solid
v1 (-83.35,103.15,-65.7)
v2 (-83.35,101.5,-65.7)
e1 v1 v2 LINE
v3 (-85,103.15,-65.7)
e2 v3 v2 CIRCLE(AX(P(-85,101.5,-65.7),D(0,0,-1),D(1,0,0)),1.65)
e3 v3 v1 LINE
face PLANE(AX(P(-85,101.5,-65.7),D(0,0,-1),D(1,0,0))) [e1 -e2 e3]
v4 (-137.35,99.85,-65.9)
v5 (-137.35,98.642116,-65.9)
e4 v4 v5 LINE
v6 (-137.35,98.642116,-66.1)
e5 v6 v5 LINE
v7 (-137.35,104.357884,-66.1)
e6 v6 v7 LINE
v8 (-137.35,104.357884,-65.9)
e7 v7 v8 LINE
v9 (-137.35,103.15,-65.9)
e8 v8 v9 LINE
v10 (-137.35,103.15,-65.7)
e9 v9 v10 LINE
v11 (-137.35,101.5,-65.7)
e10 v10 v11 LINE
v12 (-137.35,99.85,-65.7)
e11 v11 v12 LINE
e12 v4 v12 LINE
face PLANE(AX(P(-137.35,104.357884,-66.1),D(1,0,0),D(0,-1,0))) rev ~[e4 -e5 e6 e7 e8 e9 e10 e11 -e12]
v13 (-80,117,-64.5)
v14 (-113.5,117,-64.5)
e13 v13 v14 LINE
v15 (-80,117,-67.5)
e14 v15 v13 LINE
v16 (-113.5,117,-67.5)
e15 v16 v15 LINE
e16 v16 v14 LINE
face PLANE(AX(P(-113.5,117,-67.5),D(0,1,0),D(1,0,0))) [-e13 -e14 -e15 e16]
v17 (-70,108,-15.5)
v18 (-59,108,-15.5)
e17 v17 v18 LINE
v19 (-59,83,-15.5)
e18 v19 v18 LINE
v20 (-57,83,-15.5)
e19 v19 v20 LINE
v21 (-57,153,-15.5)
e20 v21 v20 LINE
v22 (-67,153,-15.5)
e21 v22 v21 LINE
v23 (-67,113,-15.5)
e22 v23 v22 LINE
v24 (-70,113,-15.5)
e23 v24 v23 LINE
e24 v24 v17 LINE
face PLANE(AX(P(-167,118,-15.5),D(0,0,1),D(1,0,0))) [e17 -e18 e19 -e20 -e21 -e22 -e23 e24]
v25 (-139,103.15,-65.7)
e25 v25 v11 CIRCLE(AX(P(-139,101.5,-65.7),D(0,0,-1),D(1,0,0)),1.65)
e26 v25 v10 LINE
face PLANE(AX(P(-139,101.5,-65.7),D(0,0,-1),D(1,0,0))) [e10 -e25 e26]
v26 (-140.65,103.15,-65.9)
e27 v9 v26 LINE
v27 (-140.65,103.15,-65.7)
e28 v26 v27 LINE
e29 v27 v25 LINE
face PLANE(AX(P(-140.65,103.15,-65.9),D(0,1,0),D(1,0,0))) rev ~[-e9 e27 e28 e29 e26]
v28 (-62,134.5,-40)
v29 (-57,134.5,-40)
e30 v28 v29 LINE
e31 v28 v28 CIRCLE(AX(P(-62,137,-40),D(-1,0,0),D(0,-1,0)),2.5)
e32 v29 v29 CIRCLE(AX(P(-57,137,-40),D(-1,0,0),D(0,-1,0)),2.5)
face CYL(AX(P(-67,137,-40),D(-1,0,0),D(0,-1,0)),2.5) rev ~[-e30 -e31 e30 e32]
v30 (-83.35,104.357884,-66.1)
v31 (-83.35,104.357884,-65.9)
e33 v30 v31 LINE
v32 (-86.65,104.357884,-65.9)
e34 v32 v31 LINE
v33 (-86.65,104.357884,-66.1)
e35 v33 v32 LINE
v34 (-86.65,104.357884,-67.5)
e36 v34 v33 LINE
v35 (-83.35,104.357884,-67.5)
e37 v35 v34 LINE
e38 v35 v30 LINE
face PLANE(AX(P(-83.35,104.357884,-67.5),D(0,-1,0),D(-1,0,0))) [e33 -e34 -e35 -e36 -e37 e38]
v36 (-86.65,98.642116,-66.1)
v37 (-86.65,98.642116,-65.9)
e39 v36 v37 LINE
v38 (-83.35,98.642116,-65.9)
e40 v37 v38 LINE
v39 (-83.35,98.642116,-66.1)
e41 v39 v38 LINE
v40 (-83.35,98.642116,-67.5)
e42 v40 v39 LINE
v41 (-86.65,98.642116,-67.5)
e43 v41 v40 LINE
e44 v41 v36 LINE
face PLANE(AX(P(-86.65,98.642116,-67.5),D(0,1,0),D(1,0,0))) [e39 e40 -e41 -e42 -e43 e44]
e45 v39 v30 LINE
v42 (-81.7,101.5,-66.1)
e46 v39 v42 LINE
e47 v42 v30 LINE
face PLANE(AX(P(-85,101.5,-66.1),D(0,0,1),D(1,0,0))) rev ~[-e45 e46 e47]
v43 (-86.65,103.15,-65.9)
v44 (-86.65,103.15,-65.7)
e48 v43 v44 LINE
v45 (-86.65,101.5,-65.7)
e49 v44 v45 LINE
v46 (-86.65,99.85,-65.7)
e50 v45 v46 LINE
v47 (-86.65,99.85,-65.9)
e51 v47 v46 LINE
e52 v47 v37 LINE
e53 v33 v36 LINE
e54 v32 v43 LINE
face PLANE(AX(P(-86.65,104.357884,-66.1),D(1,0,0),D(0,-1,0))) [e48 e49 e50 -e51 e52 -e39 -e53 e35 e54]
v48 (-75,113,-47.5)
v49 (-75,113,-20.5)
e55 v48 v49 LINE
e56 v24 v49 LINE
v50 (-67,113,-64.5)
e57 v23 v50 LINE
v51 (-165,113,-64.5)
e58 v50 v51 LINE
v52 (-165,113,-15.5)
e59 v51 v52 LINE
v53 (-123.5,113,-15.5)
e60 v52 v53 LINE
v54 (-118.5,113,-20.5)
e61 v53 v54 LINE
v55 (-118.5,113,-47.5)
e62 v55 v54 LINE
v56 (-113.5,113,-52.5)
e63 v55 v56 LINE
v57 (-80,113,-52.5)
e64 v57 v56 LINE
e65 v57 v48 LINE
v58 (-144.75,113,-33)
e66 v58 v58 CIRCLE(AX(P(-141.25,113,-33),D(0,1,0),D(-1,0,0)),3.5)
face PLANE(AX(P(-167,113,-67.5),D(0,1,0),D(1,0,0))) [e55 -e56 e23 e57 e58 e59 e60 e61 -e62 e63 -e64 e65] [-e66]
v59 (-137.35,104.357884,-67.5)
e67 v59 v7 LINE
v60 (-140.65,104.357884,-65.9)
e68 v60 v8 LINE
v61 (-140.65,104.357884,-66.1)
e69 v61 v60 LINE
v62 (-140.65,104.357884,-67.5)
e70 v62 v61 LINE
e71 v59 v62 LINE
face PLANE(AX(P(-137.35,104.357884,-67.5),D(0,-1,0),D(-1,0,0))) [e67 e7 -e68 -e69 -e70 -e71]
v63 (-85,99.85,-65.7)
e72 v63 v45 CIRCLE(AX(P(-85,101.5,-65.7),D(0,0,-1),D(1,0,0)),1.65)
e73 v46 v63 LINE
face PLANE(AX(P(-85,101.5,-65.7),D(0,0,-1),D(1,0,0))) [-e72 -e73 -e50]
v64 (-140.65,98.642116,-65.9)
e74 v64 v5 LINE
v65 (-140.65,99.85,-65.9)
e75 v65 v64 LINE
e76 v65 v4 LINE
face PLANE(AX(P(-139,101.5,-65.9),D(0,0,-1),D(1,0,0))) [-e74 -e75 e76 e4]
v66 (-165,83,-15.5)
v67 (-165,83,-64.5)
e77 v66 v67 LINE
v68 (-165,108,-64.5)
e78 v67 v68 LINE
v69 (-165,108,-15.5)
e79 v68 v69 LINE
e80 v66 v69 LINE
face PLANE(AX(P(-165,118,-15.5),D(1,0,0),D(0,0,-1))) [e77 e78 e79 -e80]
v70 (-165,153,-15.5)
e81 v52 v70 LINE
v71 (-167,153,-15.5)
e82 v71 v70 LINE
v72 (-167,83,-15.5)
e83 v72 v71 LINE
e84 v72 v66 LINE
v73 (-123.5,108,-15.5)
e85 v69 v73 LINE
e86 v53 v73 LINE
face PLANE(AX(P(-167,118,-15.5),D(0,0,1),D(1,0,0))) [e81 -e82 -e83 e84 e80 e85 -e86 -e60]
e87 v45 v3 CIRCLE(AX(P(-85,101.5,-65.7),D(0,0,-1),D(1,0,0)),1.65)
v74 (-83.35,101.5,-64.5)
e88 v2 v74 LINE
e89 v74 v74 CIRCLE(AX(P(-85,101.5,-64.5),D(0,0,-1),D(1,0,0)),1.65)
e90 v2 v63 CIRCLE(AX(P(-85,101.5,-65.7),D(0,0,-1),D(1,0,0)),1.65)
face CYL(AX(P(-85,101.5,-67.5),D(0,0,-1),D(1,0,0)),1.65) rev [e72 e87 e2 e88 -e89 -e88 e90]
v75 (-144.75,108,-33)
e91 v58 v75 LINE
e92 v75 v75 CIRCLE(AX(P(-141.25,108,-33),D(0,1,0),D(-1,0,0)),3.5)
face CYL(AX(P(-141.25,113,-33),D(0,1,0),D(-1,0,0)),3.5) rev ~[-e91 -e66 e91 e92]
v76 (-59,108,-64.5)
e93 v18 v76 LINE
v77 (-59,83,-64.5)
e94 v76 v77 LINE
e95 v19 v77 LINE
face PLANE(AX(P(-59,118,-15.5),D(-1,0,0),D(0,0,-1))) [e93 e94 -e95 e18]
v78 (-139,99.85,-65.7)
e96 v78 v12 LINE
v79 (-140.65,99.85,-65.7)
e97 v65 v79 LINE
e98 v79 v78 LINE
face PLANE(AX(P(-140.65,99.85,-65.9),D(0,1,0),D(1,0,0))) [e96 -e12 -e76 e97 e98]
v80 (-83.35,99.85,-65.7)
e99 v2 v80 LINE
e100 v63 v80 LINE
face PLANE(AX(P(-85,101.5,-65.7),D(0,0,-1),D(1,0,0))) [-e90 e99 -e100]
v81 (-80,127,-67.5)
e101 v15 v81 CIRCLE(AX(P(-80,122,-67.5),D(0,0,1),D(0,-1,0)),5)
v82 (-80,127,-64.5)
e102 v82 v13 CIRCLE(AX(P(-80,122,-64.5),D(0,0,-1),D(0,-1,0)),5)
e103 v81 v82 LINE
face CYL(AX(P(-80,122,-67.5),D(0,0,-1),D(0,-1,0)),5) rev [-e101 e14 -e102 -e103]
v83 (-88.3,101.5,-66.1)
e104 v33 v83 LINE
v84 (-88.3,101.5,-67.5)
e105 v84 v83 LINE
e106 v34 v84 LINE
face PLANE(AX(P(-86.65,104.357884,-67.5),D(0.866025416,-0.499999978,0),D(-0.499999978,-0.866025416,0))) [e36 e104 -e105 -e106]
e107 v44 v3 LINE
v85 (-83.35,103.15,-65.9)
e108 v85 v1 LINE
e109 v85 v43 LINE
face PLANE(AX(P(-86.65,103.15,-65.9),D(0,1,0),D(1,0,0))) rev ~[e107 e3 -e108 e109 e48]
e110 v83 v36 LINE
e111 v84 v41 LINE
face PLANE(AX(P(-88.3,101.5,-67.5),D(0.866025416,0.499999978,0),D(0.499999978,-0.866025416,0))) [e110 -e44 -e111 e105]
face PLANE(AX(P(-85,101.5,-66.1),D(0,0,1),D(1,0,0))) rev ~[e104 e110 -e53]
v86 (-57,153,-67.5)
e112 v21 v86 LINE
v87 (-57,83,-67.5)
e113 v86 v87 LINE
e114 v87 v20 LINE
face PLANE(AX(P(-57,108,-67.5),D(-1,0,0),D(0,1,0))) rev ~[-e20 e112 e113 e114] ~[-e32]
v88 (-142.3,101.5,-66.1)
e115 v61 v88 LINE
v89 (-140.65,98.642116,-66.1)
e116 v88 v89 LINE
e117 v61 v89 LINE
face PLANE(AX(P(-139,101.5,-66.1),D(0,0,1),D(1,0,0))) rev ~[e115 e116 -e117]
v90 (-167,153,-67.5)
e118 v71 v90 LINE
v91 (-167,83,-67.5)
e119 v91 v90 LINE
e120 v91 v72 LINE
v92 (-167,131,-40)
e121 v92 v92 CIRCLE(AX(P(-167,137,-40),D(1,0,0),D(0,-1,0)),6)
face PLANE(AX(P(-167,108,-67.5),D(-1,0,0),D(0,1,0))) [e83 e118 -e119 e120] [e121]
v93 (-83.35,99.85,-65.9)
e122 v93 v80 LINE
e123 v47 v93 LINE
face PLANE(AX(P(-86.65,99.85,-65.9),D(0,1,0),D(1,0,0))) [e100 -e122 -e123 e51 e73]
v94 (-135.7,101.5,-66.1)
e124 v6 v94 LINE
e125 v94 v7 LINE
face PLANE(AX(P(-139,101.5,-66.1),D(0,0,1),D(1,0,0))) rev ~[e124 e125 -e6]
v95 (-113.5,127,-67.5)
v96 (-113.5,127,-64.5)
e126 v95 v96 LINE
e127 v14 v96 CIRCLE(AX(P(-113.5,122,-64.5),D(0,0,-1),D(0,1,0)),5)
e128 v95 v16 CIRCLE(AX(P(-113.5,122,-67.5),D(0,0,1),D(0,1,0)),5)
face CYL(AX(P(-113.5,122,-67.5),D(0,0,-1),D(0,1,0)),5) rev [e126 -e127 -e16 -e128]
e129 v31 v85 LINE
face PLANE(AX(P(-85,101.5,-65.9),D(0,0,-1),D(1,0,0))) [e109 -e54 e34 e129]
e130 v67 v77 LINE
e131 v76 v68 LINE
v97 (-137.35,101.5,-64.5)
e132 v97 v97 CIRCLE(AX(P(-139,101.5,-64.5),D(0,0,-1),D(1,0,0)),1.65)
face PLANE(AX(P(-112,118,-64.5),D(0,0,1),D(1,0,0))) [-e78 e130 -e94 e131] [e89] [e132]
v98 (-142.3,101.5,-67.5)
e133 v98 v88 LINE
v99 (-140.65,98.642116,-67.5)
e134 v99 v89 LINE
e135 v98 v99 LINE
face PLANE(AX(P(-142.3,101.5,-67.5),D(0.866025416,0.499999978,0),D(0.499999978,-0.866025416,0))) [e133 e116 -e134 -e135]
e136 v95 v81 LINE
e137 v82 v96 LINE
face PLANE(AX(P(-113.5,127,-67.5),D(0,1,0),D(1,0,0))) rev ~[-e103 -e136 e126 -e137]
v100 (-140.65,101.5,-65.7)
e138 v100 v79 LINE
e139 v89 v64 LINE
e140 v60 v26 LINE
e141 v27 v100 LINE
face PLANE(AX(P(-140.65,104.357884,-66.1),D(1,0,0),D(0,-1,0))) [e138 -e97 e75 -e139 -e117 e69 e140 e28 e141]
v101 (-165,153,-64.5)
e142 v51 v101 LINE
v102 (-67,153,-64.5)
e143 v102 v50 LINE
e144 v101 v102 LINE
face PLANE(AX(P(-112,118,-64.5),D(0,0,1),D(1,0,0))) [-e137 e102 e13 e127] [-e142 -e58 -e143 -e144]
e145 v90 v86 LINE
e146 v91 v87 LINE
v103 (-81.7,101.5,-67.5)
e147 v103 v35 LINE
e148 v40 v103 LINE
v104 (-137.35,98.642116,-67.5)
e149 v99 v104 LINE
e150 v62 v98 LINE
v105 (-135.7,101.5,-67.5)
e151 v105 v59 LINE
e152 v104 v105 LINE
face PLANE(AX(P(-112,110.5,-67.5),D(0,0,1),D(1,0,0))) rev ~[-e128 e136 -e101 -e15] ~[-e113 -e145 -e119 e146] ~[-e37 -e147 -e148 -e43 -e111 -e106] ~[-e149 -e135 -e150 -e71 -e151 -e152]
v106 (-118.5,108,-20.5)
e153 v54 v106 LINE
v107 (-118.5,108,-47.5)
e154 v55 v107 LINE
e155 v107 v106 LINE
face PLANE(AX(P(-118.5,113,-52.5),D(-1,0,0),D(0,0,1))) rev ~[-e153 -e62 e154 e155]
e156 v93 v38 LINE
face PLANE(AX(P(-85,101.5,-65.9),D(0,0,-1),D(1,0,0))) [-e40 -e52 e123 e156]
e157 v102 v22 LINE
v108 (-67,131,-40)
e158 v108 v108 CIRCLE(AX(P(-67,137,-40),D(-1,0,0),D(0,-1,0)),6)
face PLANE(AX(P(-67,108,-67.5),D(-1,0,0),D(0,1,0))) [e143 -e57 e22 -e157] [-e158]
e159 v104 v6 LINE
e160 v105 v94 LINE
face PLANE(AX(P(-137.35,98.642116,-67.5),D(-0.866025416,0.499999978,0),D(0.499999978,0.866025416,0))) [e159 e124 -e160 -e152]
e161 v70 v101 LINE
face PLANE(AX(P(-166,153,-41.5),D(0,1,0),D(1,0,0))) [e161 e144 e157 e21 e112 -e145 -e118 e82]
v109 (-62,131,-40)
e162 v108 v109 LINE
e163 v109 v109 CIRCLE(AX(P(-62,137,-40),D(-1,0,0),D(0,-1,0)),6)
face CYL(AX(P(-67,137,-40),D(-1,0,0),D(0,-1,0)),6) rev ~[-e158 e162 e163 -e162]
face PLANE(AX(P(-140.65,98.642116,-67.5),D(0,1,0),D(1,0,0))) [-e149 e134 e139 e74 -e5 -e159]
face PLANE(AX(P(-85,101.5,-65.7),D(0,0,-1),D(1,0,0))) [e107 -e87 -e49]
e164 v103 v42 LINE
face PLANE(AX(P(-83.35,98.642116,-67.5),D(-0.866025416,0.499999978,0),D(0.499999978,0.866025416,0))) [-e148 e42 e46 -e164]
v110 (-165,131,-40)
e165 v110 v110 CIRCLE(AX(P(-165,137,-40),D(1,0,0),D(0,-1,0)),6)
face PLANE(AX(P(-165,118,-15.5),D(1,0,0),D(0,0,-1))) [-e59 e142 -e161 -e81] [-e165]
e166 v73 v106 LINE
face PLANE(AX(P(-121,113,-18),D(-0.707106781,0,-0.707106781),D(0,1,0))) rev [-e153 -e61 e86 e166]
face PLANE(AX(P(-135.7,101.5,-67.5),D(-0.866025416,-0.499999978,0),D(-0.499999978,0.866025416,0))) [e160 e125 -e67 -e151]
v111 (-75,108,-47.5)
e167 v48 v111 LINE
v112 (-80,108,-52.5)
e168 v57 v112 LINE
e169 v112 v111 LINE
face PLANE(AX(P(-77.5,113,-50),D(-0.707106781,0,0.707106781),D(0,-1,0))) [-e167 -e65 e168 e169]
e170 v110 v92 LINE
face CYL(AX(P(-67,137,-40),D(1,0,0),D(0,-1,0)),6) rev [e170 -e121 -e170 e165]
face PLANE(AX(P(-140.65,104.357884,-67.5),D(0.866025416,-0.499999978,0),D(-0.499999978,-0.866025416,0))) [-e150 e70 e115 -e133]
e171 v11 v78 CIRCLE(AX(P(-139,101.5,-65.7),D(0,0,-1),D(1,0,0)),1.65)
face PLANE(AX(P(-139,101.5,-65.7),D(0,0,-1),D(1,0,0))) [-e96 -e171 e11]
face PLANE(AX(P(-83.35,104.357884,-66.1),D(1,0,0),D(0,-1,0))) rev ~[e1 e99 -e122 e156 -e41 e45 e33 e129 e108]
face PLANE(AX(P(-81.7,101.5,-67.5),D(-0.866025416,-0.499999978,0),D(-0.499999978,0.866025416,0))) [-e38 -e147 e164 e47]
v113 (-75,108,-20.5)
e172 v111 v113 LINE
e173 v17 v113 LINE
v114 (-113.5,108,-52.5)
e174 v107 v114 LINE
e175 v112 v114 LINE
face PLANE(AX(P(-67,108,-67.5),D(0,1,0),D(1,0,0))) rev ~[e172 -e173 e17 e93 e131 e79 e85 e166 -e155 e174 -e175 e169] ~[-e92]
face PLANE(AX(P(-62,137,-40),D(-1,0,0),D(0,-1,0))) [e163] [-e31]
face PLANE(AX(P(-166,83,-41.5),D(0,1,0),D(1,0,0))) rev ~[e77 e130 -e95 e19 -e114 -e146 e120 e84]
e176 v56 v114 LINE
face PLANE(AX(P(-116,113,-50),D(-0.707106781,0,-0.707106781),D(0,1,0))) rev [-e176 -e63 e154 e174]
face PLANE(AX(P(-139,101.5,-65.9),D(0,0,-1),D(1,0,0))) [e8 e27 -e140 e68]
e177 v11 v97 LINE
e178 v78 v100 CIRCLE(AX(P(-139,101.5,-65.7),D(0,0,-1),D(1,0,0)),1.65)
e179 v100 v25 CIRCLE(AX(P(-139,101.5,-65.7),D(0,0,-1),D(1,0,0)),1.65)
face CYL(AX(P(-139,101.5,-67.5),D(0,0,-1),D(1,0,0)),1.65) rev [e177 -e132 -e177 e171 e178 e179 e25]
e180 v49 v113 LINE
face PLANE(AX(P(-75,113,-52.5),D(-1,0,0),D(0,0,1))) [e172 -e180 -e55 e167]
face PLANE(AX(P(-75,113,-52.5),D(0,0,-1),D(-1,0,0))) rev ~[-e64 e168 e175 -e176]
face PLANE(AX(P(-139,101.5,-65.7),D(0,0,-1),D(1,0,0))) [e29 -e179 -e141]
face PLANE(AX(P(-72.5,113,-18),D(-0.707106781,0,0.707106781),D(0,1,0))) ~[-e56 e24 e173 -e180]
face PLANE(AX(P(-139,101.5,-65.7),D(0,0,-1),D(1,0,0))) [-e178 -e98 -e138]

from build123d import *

# Parameters (mm, degrees)
SKETCH_W             = 110
SKETCH_H             = 70
PAD_DEPTH            = 3
SKETCH001_W          = 2
SKETCH001_H          = 52
PAD001_DEPTH         = 35
SKETCH002_W          = 10
SKETCH002_H          = 45
PAD002_DEPTH         = 52
SKETCH003_W          = 110
SKETCH003_H          = 5
PAD003_DEPTH         = 52
SKETCH004_R          = 3.5
SKETCH004_W          = 43.5
SKETCH004_H          = 37
POCKET_DEPTH         = 5
SKETCH005_R          = 2.5
POCKET001_DEPTH      = 10
SKETCH006_R          = 6
POCKET002_DEPTH      = 5
SKETCH011_R          = 6
POCKET003_DEPTH      = 150
SKETCH007_R          = 1.65
POCKET004_DEPTH      = 5
POCKET005_DEPTH      = 1.4
SKETCH009_W          = 3.3
SKETCH009_H          = 5.715768
POCKET006_DEPTH      = 0.2
SKETCH010_W          = 3.3
SKETCH010_H          = 3.3
POCKET007_DEPTH      = 0.2
CHAMFER_SIZE         = 5
POCKET012_DEPTH      = 5
BODY_PLACEMENT_ANGLE = 90


with BuildPart() as part:
    # Sketch → Pad (new body)
    with BuildSketch(Plane.XZ):
        Rectangle(SKETCH_W, SKETCH_H)
    extrude(amount=PAD_DEPTH)

    # Sketch001 → Pad001 (join, symmetric)
    with BuildSketch(Plane.XY):
        with Locations((54, -26)):
            Rectangle(SKETCH001_W, SKETCH001_H)
        with Locations((-54, -26)):
            Rectangle(SKETCH001_W, SKETCH001_H)
    extrude(amount=PAD001_DEPTH, both=True)

    # Sketch002 → Pad002 (join)
    with BuildSketch(Plane.XZ):
        with Locations((50, 12.5)):
            Rectangle(SKETCH002_W, SKETCH002_H)
    extrude(amount=PAD002_DEPTH)

    # Sketch003 → Pad003 (join)
    with BuildSketch(Plane.XZ):
        with Locations((0, -7.5)):
            Rectangle(SKETCH003_W, SKETCH003_H)
    extrude(amount=PAD003_DEPTH)

    # Sketch004 (on Face19 of Pad003) → Pocket (cut)
    with BuildSketch(Plane(origin=(0, 0, -5), x_dir=(-1, 0, 0), z_dir=(0, 0, 1))):
        with Locations((29.25, 34.5)):
            Circle(SKETCH004_R)
        with Locations((-15.25, 33.5)):
            Rectangle(SKETCH004_W, SKETCH004_H)
    extrude(amount=-POCKET_DEPTH, mode=Mode.SUBTRACT)

    # Sketch005 (on Face20 of Pocket) → Pocket001 (cut)
    with BuildSketch(Plane(origin=(45, 0, 0), x_dir=(0, 0, -1), z_dir=(-1, 0, 0))):
        with Locations((-19, 27.5)):
            Circle(SKETCH005_R)
    extrude(amount=-POCKET001_DEPTH, mode=Mode.SUBTRACT)

    # Sketch006 (on Face20 of Pocket001) → Pocket002 (cut)
    with BuildSketch(Plane(origin=(45, 0, 0), x_dir=(0, 0, -1), z_dir=(-1, 0, 0))):
        with Locations((-19, 27.5)):
            Circle(SKETCH006_R)
    extrude(amount=-POCKET002_DEPTH, mode=Mode.SUBTRACT)

    # Sketch011 (on Face20 of Pocket002) → Pocket003 (cut)
    with BuildSketch(Plane(origin=(45, 0, 0), x_dir=(0, 0, -1), z_dir=(-1, 0, 0))):
        with Locations((-19, 27.5)):
            Circle(SKETCH011_R)
    extrude(amount=POCKET003_DEPTH, mode=Mode.SUBTRACT)

    # Sketch007 → Pocket004 (cut)
    with BuildSketch(Plane.XZ):
        with Locations((-27, -16.5)):
            Circle(SKETCH007_R)
        with Locations((27, -16.5)):
            Circle(SKETCH007_R)
    extrude(amount=POCKET004_DEPTH, mode=Mode.SUBTRACT)

    # Sketch008 → Pocket005 (cut)
    with BuildSketch(Plane.XZ):
        Polygon((-25.35, -13.642116), (-28.65, -13.642116), (-30.3, -16.5), (-28.65, -19.357884), (-25.35, -19.357884), (-23.7, -16.5), align=None)
        Polygon((30.3, -16.5), (28.65, -13.642116), (25.35, -13.642116), (23.7, -16.5), (25.35, -19.357884), (28.65, -19.357884), align=None)
    extrude(amount=POCKET005_DEPTH, mode=Mode.SUBTRACT)

    # Sketch009 (on Face67 of Pocket005) → Pocket006 (cut)
    with BuildSketch(Plane(origin=(0, -1.4, 0), x_dir=(1, 0, 0), z_dir=(0, 1, 0))):
        with Locations((-27, 16.5)):
            Rectangle(SKETCH009_W, SKETCH009_H)
        with Locations((27, 16.5)):
            Rectangle(SKETCH009_W, SKETCH009_H)
    extrude(amount=-POCKET006_DEPTH, mode=Mode.SUBTRACT)

    # Sketch010 (on Face95 of Pocket006) → Pocket007 (cut)
    with BuildSketch(Plane(origin=(0, -1.6, 0), x_dir=(1, 0, 0), z_dir=(0, 1, 0))):
        with Locations((27, 16.5)):
            Rectangle(SKETCH010_W, SKETCH010_H)
        with Locations((-27, 16.5)):
            Rectangle(SKETCH010_W, SKETCH010_H)
    extrude(amount=-POCKET007_DEPTH, mode=Mode.SUBTRACT)

    # Chamfer
    chamfer_edges = [part.edges().sort_by_distance(p)[0] for p in [
        (-6.5, -52, -7.5),
        (37, -52, -7.5),
        (-6.5, -15, -7.5),
        (37, -15, -7.5),
    ]]
    chamfer(chamfer_edges, length=CHAMFER_SIZE)

    # Sketch018 → Pocket012 (cut)
    with BuildSketch(Plane.XZ):
        with BuildLine():
            ThreePointArc((-1.5, 9), (-6.5, 4), (-1.5, -1))
            Line((-1.5, -1), (32, -1))
            ThreePointArc((32, -1), (37, 4), (32, 9))
            Line((-1.5, 9), (32, 9))
        make_face()
    extrude(amount=POCKET012_DEPTH, mode=Mode.SUBTRACT)


with BuildPart() as part_1:
    # Body placement: moved
    add(part.part.moved(Location((-112, 118, -67.5))).rotate(Axis((-112, 118, -67.5), (-1, 0, 0)), BODY_PLACEMENT_ANGLE))


solid = part_1.part
